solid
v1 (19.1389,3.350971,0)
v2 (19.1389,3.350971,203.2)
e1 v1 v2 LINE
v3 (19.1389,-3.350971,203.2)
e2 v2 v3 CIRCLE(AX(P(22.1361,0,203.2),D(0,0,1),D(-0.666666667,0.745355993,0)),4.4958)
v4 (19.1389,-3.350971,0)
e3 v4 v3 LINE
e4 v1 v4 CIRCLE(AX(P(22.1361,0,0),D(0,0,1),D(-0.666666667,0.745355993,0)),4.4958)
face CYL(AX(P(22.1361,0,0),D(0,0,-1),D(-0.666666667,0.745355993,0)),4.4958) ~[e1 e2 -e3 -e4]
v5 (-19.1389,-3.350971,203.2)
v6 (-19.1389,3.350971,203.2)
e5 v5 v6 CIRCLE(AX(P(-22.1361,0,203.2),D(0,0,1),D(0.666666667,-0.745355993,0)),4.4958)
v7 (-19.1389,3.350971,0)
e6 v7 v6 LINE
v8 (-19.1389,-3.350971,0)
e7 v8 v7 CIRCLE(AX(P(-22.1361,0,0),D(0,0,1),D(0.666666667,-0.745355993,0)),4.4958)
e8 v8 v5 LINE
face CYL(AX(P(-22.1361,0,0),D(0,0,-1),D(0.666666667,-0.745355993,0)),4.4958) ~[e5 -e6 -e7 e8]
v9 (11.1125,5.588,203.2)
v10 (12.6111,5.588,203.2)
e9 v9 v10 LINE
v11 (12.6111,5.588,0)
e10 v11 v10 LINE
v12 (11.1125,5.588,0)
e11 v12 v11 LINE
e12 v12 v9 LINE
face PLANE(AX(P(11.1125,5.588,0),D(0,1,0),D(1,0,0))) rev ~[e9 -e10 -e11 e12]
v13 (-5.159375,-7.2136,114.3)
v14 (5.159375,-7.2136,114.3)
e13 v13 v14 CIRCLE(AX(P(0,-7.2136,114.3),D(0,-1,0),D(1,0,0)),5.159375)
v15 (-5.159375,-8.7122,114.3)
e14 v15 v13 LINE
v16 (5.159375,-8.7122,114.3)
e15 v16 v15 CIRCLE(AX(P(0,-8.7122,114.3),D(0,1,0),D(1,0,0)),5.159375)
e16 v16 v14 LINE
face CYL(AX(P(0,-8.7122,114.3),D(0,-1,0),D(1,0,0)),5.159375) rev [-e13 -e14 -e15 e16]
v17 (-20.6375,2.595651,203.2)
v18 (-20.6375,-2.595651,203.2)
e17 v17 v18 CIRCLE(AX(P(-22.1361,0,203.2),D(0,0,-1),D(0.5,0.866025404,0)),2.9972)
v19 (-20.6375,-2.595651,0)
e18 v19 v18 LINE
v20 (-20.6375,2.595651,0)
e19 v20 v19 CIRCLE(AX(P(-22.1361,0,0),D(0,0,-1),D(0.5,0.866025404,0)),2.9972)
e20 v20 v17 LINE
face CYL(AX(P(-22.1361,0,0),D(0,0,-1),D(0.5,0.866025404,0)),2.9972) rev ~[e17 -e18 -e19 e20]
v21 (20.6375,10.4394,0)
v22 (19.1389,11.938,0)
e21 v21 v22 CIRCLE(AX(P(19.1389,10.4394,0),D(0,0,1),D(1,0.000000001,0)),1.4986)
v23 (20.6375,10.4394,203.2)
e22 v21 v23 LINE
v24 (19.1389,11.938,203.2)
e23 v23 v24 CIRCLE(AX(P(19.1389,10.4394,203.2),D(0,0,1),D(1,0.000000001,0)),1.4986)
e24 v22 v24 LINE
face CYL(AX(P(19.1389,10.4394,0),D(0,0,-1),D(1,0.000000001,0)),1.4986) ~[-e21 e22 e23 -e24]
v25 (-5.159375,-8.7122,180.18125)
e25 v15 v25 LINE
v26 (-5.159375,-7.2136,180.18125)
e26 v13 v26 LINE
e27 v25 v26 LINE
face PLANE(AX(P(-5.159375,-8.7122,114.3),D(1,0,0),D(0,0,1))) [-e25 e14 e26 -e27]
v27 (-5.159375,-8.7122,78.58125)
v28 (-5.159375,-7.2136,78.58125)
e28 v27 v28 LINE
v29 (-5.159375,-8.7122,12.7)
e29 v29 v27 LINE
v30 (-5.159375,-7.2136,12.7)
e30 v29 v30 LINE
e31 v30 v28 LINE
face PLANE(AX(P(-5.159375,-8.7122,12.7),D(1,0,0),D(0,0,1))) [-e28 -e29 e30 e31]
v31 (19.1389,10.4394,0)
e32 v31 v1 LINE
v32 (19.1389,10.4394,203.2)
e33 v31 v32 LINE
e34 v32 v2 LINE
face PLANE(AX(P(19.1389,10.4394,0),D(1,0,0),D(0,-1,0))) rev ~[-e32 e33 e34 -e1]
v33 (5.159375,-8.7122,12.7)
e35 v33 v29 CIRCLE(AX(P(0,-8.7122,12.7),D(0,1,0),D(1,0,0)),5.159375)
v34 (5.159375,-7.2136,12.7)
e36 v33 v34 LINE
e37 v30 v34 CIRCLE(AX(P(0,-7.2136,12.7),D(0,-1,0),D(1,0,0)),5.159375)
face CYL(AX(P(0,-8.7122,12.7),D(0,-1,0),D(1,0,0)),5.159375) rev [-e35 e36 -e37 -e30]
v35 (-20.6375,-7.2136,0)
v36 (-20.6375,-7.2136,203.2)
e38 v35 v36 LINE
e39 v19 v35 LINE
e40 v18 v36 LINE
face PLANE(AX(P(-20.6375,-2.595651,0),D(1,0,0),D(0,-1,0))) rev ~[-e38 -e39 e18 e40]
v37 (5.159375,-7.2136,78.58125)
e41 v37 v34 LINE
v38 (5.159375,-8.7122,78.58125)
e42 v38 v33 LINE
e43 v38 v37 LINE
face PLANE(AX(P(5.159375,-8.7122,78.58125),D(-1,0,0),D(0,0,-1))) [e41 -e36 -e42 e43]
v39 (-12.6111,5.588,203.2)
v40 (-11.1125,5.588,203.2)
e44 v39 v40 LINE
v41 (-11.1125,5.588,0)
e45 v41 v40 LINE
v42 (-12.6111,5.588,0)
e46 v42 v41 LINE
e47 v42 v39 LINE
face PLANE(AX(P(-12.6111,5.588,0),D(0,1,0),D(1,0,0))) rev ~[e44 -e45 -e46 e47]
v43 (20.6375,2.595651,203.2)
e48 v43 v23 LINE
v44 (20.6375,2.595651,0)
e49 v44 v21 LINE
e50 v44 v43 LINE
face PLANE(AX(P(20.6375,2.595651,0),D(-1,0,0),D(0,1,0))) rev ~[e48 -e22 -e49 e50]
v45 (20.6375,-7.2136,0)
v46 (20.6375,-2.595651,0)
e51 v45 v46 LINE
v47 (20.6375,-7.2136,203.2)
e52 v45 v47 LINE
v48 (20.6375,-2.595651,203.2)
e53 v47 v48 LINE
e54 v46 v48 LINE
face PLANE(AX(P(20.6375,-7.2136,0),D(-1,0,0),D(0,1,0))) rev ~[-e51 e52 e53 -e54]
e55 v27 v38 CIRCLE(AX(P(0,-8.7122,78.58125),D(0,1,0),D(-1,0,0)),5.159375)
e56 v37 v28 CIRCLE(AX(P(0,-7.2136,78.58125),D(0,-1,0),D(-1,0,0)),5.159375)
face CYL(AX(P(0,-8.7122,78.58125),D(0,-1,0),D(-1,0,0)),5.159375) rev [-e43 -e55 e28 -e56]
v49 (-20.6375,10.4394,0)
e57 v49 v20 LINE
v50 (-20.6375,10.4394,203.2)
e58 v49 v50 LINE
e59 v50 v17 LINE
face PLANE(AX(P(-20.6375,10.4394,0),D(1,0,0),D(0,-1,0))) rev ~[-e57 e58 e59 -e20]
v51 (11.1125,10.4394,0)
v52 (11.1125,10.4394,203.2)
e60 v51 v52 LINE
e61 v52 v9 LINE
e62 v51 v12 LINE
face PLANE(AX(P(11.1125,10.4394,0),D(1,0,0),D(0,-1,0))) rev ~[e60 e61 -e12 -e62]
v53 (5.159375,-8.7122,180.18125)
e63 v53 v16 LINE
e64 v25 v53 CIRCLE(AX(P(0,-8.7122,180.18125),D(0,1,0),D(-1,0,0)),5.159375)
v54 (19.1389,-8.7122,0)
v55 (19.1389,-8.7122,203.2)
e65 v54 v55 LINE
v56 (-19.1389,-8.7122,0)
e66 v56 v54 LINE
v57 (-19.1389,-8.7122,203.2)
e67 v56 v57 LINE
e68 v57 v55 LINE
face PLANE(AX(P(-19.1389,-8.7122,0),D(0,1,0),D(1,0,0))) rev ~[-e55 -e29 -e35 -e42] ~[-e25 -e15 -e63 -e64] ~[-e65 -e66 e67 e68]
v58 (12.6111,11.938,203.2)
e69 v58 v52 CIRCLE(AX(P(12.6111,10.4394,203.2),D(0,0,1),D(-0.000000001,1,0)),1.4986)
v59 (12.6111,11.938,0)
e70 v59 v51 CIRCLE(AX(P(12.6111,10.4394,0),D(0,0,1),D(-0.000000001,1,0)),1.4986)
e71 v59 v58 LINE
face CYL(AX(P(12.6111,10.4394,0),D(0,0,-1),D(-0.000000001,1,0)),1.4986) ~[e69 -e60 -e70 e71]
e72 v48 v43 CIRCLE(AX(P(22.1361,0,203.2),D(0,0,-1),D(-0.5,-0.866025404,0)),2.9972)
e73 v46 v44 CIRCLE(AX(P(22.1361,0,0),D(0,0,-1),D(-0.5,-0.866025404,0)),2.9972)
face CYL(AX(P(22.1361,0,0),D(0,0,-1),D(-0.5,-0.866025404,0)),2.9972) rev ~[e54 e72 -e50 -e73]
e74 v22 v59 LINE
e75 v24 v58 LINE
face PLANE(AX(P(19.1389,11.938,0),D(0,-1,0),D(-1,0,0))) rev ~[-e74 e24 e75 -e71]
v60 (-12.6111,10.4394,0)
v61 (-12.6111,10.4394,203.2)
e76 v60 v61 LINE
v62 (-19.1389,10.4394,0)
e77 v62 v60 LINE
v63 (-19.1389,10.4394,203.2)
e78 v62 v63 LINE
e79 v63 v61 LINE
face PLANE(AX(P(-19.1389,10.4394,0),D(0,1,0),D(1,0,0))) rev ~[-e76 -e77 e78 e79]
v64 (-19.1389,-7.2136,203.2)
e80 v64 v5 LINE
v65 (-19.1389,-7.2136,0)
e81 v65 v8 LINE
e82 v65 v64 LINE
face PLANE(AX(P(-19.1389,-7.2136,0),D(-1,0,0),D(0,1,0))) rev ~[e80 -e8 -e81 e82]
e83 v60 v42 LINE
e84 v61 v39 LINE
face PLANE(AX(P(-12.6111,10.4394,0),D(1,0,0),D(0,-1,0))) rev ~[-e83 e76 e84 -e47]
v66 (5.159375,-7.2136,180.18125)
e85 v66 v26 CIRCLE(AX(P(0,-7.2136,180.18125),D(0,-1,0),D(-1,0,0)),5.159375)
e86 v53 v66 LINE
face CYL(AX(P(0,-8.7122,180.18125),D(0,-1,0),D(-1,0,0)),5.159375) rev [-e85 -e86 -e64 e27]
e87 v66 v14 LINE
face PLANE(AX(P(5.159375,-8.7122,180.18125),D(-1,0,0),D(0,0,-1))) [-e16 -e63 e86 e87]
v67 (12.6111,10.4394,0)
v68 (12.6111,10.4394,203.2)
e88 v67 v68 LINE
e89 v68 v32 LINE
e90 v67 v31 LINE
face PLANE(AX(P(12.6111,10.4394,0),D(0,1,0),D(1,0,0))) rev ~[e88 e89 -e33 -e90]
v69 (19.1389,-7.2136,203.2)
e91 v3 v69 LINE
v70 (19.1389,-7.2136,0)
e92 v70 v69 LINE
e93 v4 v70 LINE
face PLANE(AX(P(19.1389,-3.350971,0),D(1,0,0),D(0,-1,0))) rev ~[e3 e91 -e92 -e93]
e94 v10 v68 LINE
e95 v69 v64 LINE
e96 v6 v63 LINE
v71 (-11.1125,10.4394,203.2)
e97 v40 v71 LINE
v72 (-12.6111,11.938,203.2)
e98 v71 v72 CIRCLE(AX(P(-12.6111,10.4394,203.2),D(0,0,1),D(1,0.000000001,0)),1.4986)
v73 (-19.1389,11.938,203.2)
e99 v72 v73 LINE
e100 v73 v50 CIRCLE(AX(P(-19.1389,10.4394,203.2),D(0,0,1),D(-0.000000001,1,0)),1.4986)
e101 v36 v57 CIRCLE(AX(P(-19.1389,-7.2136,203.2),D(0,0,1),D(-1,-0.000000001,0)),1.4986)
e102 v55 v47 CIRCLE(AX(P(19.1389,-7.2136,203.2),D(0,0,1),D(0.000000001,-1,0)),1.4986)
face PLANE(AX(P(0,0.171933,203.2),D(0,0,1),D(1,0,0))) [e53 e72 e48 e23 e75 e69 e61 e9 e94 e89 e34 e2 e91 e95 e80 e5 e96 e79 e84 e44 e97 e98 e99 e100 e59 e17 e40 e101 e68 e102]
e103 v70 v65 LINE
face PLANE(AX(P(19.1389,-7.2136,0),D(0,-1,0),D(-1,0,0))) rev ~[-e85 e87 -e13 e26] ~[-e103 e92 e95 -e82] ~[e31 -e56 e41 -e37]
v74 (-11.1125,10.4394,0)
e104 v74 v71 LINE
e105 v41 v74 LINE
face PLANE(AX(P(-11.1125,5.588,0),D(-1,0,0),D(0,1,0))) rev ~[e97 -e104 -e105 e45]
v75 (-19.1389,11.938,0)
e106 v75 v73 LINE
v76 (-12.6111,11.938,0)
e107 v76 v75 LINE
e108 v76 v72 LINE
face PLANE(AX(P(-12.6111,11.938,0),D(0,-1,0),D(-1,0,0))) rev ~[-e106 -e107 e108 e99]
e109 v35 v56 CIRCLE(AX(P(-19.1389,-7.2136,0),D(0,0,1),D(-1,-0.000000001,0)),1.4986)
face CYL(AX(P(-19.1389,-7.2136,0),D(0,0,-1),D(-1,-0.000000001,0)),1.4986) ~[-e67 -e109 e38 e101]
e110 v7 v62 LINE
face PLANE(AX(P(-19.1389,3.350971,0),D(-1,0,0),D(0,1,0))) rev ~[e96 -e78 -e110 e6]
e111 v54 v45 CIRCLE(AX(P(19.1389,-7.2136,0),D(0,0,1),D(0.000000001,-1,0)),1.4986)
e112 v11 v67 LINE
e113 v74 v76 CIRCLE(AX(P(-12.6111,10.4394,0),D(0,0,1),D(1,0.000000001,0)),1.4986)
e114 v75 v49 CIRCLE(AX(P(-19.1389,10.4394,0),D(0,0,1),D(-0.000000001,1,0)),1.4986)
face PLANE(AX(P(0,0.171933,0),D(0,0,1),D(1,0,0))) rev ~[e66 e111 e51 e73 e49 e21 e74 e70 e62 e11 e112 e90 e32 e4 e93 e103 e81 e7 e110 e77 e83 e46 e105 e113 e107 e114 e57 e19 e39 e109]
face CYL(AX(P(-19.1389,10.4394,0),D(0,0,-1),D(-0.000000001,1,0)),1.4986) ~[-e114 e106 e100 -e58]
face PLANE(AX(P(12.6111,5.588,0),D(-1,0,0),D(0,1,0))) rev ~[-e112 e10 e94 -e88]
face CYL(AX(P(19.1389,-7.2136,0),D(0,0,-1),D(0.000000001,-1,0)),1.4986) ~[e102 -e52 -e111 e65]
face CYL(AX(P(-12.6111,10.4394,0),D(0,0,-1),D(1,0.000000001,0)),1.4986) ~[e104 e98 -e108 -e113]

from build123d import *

# Parameters (mm, degrees)
BASE_EXTRUDE_DEPTH = 203.2
SLOT_DEPTH         = 217.924541008
LPATTERN1_COUNT    = 2
LPATTERN1_PITCH    = 101.6


with BuildPart() as part:
    # Sketch1 → Base-Extrude (new body)
    with BuildSketch(Plane.XY):
        with BuildLine():
            Line((-20.6375, 10.4394), (-20.6375, 2.59565134))
            ThreePointArc((-20.6375, 2.59565134), (-19.1389, 0), (-20.6375, -2.59565134))
            Line((-20.6375, -2.59565134), (-20.6375, -7.2136))
            ThreePointArc((-20.6375, -7.2136), (-20.198570222, -8.273270222), (-19.1389, -8.7122))
            Line((-19.1389, -8.7122), (19.1389, -8.7122))
            ThreePointArc((19.1389, -8.7122), (20.198570222, -8.273270222), (20.6375, -7.2136))
            Line((20.6375, -7.2136), (20.6375, -2.59565134))
            ThreePointArc((20.6375, -2.59565134), (19.1389, 0), (20.6375, 2.59565134))
            Line((20.6375, 2.59565134), (20.6375, 10.4394))
            ThreePointArc((20.6375, 10.4394), (20.198570222, 11.499070222), (19.1389, 11.938))
            Line((19.1389, 11.938), (12.6111, 11.938))
            ThreePointArc((12.6111, 11.938), (11.551429778, 11.499070222), (11.1125, 10.4394))
            Line((11.1125, 10.4394), (11.1125, 5.588))
            Line((11.1125, 5.588), (12.6111, 5.588))
            Line((12.6111, 5.588), (12.6111, 10.4394))
            Line((12.6111, 10.4394), (19.1389, 10.4394))
            Line((19.1389, 10.4394), (19.1389, 3.350971471))
            ThreePointArc((19.1389, 3.350971471), (17.6403, 0), (19.1389, -3.350971471))
            Line((19.1389, -3.350971471), (19.1389, -7.2136))
            Line((19.1389, -7.2136), (-19.1389, -7.2136))
            Line((-19.1389, -7.2136), (-19.1389, -3.350971471))
            ThreePointArc((-19.1389, -3.350971471), (-17.6403, 0), (-19.1389, 3.350971471))
            Line((-19.1389, 3.350971471), (-19.1389, 10.4394))
            Line((-19.1389, 10.4394), (-12.6111, 10.4394))
            Line((-12.6111, 10.4394), (-12.6111, 5.588))
            Line((-12.6111, 5.588), (-11.1125, 5.588))
            Line((-11.1125, 5.588), (-11.1125, 10.4394))
            ThreePointArc((-11.1125, 10.4394), (-11.551429778, 11.499070222), (-12.6111, 11.938))
            Line((-12.6111, 11.938), (-19.1389, 11.938))
            ThreePointArc((-19.1389, 11.938), (-20.198570222, 11.499070222), (-20.6375, 10.4394))
        make_face()
    extrude(amount=BASE_EXTRUDE_DEPTH)

    # Sketch2 → Slot (cut, through all)
    with BuildSketch(Plane(origin=(-0.747608536, -8.7122, -11.677878955), x_dir=(1, 0, 0), z_dir=(0, -1, 0))):
        with BuildLine():
            Line((5.906983536, 90.259128955), (5.906983536, 24.377878955))
            ThreePointArc((5.906983536, 24.377878955), (0.747608536, 19.218503955), (-4.411766464, 24.377878955))
            Line((-4.411766464, 24.377878955), (-4.411766464, 90.259128955))
            ThreePointArc((-4.411766464, 90.259128955), (0.747608536, 95.418503955), (5.906983536, 90.259128955))
        make_face()
    slot = extrude(amount=-SLOT_DEPTH, mode=Mode.SUBTRACT)

    # LPattern1: Slot ×2
    with Locations(*[(0, 0, i * LPATTERN1_PITCH) for i in range(1, LPATTERN1_COUNT)]):
        add(slot, mode=Mode.SUBTRACT)


solid = part.part
